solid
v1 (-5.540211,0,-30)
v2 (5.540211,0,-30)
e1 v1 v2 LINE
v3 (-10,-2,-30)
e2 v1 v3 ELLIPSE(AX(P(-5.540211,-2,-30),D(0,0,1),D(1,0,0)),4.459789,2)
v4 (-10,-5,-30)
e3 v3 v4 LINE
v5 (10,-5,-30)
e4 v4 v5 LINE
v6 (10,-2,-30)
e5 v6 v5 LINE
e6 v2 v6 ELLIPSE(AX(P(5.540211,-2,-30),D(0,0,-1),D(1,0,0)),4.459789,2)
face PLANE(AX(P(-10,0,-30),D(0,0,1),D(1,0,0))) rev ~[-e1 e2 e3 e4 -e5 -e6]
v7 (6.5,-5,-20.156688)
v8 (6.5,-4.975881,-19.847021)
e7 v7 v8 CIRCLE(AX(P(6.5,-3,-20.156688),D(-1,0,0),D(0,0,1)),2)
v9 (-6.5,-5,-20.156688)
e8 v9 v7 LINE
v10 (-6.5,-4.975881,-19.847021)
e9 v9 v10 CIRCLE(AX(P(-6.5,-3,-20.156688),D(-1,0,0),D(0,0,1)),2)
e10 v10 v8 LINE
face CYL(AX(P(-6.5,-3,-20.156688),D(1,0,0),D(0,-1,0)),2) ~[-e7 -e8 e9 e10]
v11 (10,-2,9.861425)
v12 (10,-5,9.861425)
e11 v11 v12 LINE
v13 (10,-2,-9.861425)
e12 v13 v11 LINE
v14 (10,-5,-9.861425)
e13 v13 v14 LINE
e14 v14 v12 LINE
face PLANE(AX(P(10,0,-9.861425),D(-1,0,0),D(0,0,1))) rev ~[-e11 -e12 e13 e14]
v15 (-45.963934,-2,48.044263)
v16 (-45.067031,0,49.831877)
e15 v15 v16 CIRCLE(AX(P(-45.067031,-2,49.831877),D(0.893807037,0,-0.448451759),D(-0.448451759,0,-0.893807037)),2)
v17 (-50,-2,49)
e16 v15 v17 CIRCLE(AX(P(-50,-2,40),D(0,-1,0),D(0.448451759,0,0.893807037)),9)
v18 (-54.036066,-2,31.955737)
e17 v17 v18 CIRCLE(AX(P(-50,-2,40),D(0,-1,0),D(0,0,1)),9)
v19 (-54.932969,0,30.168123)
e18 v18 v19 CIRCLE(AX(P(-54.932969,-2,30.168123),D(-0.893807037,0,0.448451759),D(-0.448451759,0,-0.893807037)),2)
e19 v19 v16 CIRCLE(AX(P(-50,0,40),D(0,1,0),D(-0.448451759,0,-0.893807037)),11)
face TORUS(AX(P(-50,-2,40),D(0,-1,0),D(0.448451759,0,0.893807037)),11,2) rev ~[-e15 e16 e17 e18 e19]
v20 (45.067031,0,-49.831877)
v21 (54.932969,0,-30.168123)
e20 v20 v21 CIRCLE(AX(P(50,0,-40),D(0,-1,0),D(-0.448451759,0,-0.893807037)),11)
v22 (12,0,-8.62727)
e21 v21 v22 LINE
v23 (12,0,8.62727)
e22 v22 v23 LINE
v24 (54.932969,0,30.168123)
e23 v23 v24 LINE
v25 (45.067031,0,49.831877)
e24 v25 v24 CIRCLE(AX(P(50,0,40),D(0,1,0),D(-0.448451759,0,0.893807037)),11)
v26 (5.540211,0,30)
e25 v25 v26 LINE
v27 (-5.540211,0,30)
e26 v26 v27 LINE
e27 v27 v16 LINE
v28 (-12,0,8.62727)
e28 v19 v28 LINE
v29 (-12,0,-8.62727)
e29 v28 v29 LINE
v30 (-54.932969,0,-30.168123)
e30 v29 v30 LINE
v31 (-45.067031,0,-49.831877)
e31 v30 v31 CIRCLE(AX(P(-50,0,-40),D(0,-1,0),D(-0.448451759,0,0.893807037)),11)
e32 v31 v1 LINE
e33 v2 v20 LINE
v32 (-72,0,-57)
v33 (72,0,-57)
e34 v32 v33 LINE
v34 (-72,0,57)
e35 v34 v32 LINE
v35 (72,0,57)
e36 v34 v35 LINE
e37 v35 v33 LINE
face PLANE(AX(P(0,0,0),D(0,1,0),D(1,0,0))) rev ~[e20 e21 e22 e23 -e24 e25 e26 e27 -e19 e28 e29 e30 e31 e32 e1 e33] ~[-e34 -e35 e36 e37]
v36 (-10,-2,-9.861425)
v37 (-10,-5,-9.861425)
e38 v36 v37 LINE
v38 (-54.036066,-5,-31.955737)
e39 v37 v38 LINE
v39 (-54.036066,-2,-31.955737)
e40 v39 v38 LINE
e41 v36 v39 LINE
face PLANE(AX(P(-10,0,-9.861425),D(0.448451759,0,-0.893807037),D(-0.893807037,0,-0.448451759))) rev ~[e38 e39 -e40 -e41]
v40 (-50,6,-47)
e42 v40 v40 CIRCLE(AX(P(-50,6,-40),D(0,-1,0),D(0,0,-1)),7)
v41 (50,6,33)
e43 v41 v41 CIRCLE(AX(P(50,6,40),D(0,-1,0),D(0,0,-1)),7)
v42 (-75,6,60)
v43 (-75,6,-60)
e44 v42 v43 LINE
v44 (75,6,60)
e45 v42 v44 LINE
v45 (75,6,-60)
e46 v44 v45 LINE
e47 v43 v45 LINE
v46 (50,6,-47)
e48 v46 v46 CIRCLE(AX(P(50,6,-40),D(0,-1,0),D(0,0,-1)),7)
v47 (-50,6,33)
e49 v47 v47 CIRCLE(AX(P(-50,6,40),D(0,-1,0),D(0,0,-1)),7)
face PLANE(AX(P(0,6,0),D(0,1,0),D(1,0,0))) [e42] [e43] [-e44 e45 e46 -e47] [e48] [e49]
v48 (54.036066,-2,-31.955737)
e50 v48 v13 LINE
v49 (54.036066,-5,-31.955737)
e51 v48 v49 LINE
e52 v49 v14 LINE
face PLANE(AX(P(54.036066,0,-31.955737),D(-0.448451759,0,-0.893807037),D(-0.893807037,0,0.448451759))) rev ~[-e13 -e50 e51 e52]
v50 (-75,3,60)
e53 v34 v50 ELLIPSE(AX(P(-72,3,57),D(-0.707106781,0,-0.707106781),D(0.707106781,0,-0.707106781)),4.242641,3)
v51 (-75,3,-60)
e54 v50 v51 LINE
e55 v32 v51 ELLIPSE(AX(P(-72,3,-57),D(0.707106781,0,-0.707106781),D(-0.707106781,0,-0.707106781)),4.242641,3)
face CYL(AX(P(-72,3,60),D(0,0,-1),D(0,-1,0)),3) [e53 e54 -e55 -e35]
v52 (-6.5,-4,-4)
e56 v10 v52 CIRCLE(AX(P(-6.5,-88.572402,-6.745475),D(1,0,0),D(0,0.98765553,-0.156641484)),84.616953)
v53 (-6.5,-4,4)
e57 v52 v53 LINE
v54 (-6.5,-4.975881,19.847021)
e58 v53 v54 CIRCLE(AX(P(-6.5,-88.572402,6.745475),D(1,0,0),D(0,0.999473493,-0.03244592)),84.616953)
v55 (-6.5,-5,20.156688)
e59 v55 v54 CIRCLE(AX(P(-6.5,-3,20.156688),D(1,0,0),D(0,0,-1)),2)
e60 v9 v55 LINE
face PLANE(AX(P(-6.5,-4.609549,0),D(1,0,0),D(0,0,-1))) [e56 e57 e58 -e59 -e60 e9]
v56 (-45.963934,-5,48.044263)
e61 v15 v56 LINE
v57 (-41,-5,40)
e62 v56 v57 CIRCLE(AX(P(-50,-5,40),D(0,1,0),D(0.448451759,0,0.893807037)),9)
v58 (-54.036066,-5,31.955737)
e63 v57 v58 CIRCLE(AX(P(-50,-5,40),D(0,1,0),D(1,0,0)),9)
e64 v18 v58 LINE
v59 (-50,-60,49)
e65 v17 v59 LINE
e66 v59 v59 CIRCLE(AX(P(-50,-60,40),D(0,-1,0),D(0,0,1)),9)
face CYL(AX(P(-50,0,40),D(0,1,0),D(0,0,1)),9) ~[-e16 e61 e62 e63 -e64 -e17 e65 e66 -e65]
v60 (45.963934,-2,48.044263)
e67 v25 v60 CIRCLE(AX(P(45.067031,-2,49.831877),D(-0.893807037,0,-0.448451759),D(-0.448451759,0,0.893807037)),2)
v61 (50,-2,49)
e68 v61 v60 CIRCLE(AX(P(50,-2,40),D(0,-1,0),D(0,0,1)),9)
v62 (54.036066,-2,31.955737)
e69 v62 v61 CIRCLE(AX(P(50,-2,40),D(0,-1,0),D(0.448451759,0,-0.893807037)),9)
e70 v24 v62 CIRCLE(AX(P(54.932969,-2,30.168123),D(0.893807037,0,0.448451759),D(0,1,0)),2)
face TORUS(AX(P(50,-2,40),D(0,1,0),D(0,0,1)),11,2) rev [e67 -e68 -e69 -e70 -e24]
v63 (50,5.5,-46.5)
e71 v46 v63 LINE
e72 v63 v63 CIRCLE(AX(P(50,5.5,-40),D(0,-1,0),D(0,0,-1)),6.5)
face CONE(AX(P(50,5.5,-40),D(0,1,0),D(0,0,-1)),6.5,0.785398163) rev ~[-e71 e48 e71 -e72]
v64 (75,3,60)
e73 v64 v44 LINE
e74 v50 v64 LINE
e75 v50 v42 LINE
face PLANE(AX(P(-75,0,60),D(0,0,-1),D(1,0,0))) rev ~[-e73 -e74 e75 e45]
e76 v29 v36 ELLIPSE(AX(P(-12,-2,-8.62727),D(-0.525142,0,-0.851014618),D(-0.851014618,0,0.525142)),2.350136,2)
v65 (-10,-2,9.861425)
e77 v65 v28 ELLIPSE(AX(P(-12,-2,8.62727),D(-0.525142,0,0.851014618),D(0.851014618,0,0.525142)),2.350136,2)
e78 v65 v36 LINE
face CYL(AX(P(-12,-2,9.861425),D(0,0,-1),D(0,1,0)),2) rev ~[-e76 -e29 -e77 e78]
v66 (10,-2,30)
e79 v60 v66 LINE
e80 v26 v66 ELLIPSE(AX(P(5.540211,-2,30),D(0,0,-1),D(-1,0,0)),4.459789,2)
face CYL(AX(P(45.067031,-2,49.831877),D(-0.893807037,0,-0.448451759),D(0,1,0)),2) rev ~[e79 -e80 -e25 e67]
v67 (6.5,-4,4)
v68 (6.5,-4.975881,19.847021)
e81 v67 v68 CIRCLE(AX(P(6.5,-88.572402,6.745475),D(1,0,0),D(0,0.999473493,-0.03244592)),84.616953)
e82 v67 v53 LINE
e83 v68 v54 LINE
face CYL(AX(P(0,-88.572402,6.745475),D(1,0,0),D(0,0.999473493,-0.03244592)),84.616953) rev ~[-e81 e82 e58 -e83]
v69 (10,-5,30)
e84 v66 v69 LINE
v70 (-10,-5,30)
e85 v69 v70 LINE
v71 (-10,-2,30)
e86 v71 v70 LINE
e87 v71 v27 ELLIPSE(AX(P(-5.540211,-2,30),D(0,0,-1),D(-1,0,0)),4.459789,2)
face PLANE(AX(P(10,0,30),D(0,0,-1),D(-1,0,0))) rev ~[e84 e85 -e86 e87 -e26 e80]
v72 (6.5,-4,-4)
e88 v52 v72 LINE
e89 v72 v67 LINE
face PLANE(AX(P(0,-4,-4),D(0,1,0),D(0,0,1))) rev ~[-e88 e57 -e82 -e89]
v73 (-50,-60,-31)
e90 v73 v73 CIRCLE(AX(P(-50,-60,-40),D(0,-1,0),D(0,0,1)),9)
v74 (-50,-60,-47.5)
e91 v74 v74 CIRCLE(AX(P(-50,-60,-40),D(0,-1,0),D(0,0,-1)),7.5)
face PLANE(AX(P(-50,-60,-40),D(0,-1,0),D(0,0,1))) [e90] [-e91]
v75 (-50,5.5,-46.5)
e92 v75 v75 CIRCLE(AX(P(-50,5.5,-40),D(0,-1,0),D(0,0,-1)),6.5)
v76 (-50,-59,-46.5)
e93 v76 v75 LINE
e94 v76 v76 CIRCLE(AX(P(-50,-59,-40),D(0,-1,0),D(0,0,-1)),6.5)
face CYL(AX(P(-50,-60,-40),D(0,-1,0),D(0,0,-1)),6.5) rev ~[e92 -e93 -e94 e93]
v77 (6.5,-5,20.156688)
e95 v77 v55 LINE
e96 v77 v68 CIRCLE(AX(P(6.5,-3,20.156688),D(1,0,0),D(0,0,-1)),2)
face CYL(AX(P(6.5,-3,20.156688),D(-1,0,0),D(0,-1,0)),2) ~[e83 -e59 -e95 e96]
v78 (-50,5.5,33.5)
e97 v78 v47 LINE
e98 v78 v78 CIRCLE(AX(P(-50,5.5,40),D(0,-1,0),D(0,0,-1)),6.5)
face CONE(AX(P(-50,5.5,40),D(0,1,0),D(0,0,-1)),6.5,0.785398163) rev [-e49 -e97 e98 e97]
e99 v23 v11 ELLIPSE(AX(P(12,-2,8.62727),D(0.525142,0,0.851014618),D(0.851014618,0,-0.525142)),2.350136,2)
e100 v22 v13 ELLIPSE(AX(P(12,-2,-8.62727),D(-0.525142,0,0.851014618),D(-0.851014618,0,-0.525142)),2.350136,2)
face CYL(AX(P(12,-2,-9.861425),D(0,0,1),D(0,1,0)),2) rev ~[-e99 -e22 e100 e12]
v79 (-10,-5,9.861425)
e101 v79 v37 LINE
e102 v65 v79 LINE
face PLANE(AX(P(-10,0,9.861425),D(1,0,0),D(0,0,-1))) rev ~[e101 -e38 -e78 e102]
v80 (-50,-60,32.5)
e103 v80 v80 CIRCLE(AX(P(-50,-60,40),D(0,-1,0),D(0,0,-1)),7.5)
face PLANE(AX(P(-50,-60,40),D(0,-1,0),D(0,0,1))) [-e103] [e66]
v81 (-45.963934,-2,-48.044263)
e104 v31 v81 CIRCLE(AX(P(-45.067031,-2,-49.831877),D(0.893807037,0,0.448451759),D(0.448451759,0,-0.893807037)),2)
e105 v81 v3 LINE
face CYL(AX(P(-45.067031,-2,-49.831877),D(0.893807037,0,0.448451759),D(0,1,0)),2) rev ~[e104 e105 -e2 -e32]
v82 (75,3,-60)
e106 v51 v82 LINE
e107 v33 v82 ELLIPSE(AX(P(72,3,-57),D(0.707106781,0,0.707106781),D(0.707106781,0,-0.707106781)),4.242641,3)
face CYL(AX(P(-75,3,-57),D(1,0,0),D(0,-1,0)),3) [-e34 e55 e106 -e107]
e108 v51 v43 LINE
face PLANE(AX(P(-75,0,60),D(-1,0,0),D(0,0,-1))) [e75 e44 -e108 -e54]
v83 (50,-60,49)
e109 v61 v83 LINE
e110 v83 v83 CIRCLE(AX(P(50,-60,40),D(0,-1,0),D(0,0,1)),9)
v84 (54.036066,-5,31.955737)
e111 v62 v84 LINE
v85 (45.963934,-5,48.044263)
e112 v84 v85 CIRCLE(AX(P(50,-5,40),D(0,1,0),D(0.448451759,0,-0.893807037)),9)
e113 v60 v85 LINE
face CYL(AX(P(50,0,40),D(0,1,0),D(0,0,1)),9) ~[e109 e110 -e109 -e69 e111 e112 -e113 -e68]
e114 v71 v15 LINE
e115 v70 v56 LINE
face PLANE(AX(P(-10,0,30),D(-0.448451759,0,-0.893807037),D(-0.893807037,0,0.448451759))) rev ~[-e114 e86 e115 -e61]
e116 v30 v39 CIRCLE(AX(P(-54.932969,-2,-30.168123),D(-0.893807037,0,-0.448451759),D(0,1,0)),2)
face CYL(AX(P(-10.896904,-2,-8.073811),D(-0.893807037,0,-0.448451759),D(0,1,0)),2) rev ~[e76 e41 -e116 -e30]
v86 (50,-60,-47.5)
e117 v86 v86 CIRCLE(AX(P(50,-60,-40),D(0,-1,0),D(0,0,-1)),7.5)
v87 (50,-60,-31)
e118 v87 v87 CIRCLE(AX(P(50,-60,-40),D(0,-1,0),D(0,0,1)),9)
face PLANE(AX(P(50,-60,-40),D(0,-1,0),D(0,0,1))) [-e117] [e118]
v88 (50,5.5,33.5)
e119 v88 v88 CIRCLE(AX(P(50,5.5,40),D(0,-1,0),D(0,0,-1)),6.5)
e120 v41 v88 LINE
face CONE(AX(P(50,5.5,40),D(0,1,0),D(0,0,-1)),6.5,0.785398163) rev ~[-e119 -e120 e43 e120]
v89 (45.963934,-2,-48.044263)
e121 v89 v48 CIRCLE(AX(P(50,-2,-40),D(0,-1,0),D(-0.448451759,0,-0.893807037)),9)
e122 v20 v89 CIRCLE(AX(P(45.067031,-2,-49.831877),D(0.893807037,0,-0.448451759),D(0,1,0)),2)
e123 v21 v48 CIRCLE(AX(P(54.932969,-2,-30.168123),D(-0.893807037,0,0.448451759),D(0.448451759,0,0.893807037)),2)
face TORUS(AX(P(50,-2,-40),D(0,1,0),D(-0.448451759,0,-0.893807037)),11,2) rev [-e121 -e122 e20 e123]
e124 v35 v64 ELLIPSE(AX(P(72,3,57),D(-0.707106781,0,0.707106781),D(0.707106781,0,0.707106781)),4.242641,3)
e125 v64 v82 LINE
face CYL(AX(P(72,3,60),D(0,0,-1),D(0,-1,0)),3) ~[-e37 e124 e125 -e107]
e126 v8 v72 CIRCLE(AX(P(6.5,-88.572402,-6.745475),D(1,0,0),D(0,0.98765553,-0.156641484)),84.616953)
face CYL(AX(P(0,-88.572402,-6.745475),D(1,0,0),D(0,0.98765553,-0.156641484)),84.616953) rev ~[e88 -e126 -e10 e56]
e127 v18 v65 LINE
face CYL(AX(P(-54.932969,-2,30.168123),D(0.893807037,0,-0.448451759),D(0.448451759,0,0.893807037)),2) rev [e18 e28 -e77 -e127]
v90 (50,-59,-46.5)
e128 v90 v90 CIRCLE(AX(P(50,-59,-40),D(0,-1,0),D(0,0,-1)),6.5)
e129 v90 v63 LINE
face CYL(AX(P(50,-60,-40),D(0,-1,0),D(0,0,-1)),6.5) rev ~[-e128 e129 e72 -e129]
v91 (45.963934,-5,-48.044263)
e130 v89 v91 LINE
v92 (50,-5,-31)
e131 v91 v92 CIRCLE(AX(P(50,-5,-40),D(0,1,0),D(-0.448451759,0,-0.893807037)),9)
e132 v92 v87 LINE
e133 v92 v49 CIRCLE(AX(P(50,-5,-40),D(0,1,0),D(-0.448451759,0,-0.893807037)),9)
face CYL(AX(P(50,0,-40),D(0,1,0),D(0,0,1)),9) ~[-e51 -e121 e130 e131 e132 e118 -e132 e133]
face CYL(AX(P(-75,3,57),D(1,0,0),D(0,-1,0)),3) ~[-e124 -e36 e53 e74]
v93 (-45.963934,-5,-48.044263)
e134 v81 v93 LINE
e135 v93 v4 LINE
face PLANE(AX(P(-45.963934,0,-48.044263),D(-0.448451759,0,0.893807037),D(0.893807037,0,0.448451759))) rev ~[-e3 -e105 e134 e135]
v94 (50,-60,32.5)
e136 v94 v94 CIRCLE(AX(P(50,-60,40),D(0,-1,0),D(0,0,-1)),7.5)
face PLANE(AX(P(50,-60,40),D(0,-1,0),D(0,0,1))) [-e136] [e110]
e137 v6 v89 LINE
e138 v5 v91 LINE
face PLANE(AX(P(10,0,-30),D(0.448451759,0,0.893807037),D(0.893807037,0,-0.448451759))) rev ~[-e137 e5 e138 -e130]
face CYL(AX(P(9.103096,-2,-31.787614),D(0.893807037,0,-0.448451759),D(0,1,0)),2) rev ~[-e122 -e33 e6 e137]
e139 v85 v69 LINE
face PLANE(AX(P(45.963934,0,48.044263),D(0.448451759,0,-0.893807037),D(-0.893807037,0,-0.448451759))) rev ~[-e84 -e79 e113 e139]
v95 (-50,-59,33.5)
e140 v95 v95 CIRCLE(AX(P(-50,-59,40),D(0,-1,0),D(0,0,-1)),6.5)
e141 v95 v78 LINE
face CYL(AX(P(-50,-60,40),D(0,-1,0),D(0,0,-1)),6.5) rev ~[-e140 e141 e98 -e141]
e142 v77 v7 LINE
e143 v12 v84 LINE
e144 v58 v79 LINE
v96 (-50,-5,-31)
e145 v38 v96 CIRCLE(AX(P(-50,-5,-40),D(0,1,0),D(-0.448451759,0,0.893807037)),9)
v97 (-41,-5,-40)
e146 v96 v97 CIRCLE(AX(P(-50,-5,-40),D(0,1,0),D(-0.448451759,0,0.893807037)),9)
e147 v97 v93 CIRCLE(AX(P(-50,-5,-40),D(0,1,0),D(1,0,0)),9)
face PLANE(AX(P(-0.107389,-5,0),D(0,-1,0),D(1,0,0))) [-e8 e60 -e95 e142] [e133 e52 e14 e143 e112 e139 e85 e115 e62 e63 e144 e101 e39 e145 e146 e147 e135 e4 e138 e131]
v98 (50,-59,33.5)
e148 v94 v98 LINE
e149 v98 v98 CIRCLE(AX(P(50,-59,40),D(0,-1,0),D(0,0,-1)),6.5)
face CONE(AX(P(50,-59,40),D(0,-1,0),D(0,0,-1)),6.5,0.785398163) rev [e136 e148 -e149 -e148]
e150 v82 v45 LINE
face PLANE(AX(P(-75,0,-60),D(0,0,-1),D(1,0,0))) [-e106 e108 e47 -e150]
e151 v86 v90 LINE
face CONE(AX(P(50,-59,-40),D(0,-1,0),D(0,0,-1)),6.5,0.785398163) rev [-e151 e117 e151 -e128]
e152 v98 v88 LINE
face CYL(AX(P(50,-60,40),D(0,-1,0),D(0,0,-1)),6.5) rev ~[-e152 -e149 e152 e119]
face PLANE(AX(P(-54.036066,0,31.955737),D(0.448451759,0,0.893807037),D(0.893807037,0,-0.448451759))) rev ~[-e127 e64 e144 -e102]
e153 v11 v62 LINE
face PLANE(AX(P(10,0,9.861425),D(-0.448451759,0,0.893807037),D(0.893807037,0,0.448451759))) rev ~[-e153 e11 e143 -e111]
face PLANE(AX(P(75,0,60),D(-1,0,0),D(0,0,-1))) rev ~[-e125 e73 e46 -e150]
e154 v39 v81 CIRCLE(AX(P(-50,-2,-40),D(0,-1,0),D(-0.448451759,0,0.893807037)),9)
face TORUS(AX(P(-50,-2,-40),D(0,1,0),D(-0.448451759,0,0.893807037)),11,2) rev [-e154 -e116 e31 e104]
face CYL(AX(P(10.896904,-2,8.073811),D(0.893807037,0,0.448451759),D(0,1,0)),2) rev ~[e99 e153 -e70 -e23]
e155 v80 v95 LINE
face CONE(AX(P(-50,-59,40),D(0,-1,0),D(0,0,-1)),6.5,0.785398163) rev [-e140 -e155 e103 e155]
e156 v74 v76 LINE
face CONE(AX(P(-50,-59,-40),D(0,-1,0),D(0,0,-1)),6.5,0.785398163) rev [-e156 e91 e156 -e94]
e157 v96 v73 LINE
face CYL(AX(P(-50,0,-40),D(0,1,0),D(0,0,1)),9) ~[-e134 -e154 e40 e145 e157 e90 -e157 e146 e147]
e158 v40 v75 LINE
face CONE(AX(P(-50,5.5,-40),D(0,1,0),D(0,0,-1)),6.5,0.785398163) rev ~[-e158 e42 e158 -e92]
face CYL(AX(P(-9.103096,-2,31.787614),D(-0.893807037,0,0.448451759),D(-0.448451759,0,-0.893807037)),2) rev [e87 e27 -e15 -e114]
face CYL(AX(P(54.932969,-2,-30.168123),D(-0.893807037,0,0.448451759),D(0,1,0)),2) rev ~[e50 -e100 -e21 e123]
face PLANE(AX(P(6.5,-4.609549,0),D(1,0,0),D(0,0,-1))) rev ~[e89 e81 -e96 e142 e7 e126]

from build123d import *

# Parameters (mm, degrees)
SKETCH_1_W          = 150
SKETCH_1_H          = 120
EXTRUDE_1_DEPTH     = 6
SKETCH_2_R          = 9
EXTRUDE_2_DEPTH     = 60
EXTRUDE_3_DEPTH     = 5
SKETCH_4_R          = 6.5
CUT_EXTRUDE_1_DEPTH = 117.537547597
CUT_EXTRUDE_2_DEPTH = 6.5
FILLET_1_R          = 2
FILLET_3_R          = 3
CHAMFER_1_SIZE      = 1
CHAMFER_2_SIZE      = 0.5


with BuildPart() as part:
    # 草图1 → 凸台-拉伸1 (new body)
    with BuildSketch(Plane(origin=(0, 0, 0), x_dir=(1, 0, 0), z_dir=(0, 1, 0))):
        Rectangle(SKETCH_1_W, SKETCH_1_H)
    extrude(amount=EXTRUDE_1_DEPTH)

    # 草图2 → 凸台-拉伸2 (add)
    with BuildSketch(Plane.XZ):
        with Locations(Location((-50, 40, 0), (0, 0, 90))):
            Circle(SKETCH_2_R)
        with Locations(Location((50, 40, 0), (0, 0, 90))):
            Circle(SKETCH_2_R)
        with Locations(Location((50, -40, 0), (0, 0, 90))):
            Circle(SKETCH_2_R)
        with Locations(Location((-50, -40, 0), (0, 0, 90))):
            Circle(SKETCH_2_R)
    extrude(amount=EXTRUDE_2_DEPTH)

    # 草图3 → 凸台-拉伸3 (add)
    with BuildSketch(Plane.XZ):
        with BuildLine():
            Line((-10, 30), (-45.963934166, 48.044263334))
            ThreePointArc((-45.963934166, 48.044263334), (-42.34086844, 44.726278002), (-41, 40))
            ThreePointArc((-41, 40), (-45.273721998, 32.34086844), (-54.036065834, 31.955736666))
            Line((-54.036065834, 31.955736666), (-10, 9.861425059))
            Line((-10, 9.861425059), (-10, -9.861425059))
            Line((-10, -9.861425059), (-54.036065834, -31.955736666))
            ThreePointArc((-54.036065834, -31.955736666), (-45.273721998, -32.34086844), (-41, -40))
            ThreePointArc((-41, -40), (-42.34086844, -44.726278002), (-45.963934166, -48.044263334))
            Line((-45.963934166, -48.044263334), (-10, -30))
            Line((-10, -30), (10, -30))
            Line((10, -30), (45.963934166, -48.044263334))
            ThreePointArc((45.963934166, -48.044263334), (41.955736666, -35.963934166), (54.036065834, -31.955736666))
            Line((54.036065834, -31.955736666), (10, -9.861425059))
            Line((10, -9.861425059), (10, 9.861425059))
            Line((10, 9.861425059), (54.036065834, 31.955736666))
            ThreePointArc((54.036065834, 31.955736666), (41.955736666, 35.963934166), (45.963934166, 48.044263334))
            Line((45.963934166, 48.044263334), (10, 30))
            Line((10, 30), (-10, 30))
        make_face()
    extrude(amount=EXTRUDE_3_DEPTH)

    # 草图4 → 切除-拉伸1 (cut, through all)
    with BuildSketch(Plane.XZ.offset(60)):
        with Locations(Location((-50, 40, 0), (0, 0, 270))):
            Circle(SKETCH_4_R)
        with Locations(Location((50, -40, 0), (0, 0, 270))):
            Circle(SKETCH_4_R)
        with Locations(Location((50, 40, 0), (0, 0, 270))):
            Circle(SKETCH_4_R)
        with Locations(Location((-50, -40, 0), (0, 0, 270))):
            Circle(SKETCH_4_R)
    extrude(amount=-CUT_EXTRUDE_1_DEPTH, mode=Mode.SUBTRACT)

    # 草图5 → 切除-拉伸2 (cut, symmetric)
    with BuildSketch(Plane(origin=(0, 0, 0), x_dir=(0, 0, -1), z_dir=(1, 0, 0))):
        with BuildLine():
            Line((-20, -5), (20, -5))
            ThreePointArc((20, -5), (12.023735411, -4.120233419), (4, -4))
            Line((4, -4), (-4, -4))
            ThreePointArc((-4, -4), (-12.023735411, -4.120233419), (-20, -5))
        make_face()
    extrude(amount=CUT_EXTRUDE_2_DEPTH, both=True, mode=Mode.SUBTRACT)

    # 圆角1
    fillet_1_edges = [part.edges().sort_by_distance(p)[0] for p in [
        (0, -5, -20),
        (0, -5, 20),
        (-58.044263334, 0, -44.036065834),
        (58.044263334, 0, -44.036065834),
        (-58.757807089, 0, 42.073840639),
        (58.757807089, 0, 42.073840639),
        (-27.981967083, 0, -39.022131667),
        (32.018032917, 0, -20.908580862),
        (27.981967083, 0, 39.022131667),
        (-32.018032917, 0, 20.908580862),
        (-10, 0, 0),
        (-32.018032917, 0, -20.908580862),
        (-27.981967083, 0, 39.022131667),
        (32.018032917, 0, 20.908580862),
        (10, 0, 0),
        (27.981967083, 0, -39.022131667),
    ]]
    fillet(fillet_1_edges, radius=FILLET_1_R)

    # 圆角3
    fillet_3_edges = [part.edges().sort_by_distance(p)[0] for p in [
        (0, 0, 60),
        (-75, 0, 0),
        (0, 0, -60),
        (75, 0, 0),
    ]]
    fillet(fillet_3_edges, radius=FILLET_3_R)

    # 倒角1
    chamfer_1_edges = [part.edges().sort_by_distance(p)[0] for p in [
        (-50, -60, -33.5),
        (50, -60, 46.5),
        (50, -60, -33.5),
        (-50, -60, 46.5),
    ]]
    chamfer(chamfer_1_edges, length=CHAMFER_1_SIZE)

    # 倒角2
    chamfer_2_edges = [part.edges().sort_by_distance(p)[0] for p in [
        (-50, 6, -33.5),
        (50, 6, 46.5),
        (50, 6, -33.5),
        (-50, 6, 46.5),
    ]]
    chamfer(chamfer_2_edges, length=CHAMFER_2_SIZE)


solid = part.part
